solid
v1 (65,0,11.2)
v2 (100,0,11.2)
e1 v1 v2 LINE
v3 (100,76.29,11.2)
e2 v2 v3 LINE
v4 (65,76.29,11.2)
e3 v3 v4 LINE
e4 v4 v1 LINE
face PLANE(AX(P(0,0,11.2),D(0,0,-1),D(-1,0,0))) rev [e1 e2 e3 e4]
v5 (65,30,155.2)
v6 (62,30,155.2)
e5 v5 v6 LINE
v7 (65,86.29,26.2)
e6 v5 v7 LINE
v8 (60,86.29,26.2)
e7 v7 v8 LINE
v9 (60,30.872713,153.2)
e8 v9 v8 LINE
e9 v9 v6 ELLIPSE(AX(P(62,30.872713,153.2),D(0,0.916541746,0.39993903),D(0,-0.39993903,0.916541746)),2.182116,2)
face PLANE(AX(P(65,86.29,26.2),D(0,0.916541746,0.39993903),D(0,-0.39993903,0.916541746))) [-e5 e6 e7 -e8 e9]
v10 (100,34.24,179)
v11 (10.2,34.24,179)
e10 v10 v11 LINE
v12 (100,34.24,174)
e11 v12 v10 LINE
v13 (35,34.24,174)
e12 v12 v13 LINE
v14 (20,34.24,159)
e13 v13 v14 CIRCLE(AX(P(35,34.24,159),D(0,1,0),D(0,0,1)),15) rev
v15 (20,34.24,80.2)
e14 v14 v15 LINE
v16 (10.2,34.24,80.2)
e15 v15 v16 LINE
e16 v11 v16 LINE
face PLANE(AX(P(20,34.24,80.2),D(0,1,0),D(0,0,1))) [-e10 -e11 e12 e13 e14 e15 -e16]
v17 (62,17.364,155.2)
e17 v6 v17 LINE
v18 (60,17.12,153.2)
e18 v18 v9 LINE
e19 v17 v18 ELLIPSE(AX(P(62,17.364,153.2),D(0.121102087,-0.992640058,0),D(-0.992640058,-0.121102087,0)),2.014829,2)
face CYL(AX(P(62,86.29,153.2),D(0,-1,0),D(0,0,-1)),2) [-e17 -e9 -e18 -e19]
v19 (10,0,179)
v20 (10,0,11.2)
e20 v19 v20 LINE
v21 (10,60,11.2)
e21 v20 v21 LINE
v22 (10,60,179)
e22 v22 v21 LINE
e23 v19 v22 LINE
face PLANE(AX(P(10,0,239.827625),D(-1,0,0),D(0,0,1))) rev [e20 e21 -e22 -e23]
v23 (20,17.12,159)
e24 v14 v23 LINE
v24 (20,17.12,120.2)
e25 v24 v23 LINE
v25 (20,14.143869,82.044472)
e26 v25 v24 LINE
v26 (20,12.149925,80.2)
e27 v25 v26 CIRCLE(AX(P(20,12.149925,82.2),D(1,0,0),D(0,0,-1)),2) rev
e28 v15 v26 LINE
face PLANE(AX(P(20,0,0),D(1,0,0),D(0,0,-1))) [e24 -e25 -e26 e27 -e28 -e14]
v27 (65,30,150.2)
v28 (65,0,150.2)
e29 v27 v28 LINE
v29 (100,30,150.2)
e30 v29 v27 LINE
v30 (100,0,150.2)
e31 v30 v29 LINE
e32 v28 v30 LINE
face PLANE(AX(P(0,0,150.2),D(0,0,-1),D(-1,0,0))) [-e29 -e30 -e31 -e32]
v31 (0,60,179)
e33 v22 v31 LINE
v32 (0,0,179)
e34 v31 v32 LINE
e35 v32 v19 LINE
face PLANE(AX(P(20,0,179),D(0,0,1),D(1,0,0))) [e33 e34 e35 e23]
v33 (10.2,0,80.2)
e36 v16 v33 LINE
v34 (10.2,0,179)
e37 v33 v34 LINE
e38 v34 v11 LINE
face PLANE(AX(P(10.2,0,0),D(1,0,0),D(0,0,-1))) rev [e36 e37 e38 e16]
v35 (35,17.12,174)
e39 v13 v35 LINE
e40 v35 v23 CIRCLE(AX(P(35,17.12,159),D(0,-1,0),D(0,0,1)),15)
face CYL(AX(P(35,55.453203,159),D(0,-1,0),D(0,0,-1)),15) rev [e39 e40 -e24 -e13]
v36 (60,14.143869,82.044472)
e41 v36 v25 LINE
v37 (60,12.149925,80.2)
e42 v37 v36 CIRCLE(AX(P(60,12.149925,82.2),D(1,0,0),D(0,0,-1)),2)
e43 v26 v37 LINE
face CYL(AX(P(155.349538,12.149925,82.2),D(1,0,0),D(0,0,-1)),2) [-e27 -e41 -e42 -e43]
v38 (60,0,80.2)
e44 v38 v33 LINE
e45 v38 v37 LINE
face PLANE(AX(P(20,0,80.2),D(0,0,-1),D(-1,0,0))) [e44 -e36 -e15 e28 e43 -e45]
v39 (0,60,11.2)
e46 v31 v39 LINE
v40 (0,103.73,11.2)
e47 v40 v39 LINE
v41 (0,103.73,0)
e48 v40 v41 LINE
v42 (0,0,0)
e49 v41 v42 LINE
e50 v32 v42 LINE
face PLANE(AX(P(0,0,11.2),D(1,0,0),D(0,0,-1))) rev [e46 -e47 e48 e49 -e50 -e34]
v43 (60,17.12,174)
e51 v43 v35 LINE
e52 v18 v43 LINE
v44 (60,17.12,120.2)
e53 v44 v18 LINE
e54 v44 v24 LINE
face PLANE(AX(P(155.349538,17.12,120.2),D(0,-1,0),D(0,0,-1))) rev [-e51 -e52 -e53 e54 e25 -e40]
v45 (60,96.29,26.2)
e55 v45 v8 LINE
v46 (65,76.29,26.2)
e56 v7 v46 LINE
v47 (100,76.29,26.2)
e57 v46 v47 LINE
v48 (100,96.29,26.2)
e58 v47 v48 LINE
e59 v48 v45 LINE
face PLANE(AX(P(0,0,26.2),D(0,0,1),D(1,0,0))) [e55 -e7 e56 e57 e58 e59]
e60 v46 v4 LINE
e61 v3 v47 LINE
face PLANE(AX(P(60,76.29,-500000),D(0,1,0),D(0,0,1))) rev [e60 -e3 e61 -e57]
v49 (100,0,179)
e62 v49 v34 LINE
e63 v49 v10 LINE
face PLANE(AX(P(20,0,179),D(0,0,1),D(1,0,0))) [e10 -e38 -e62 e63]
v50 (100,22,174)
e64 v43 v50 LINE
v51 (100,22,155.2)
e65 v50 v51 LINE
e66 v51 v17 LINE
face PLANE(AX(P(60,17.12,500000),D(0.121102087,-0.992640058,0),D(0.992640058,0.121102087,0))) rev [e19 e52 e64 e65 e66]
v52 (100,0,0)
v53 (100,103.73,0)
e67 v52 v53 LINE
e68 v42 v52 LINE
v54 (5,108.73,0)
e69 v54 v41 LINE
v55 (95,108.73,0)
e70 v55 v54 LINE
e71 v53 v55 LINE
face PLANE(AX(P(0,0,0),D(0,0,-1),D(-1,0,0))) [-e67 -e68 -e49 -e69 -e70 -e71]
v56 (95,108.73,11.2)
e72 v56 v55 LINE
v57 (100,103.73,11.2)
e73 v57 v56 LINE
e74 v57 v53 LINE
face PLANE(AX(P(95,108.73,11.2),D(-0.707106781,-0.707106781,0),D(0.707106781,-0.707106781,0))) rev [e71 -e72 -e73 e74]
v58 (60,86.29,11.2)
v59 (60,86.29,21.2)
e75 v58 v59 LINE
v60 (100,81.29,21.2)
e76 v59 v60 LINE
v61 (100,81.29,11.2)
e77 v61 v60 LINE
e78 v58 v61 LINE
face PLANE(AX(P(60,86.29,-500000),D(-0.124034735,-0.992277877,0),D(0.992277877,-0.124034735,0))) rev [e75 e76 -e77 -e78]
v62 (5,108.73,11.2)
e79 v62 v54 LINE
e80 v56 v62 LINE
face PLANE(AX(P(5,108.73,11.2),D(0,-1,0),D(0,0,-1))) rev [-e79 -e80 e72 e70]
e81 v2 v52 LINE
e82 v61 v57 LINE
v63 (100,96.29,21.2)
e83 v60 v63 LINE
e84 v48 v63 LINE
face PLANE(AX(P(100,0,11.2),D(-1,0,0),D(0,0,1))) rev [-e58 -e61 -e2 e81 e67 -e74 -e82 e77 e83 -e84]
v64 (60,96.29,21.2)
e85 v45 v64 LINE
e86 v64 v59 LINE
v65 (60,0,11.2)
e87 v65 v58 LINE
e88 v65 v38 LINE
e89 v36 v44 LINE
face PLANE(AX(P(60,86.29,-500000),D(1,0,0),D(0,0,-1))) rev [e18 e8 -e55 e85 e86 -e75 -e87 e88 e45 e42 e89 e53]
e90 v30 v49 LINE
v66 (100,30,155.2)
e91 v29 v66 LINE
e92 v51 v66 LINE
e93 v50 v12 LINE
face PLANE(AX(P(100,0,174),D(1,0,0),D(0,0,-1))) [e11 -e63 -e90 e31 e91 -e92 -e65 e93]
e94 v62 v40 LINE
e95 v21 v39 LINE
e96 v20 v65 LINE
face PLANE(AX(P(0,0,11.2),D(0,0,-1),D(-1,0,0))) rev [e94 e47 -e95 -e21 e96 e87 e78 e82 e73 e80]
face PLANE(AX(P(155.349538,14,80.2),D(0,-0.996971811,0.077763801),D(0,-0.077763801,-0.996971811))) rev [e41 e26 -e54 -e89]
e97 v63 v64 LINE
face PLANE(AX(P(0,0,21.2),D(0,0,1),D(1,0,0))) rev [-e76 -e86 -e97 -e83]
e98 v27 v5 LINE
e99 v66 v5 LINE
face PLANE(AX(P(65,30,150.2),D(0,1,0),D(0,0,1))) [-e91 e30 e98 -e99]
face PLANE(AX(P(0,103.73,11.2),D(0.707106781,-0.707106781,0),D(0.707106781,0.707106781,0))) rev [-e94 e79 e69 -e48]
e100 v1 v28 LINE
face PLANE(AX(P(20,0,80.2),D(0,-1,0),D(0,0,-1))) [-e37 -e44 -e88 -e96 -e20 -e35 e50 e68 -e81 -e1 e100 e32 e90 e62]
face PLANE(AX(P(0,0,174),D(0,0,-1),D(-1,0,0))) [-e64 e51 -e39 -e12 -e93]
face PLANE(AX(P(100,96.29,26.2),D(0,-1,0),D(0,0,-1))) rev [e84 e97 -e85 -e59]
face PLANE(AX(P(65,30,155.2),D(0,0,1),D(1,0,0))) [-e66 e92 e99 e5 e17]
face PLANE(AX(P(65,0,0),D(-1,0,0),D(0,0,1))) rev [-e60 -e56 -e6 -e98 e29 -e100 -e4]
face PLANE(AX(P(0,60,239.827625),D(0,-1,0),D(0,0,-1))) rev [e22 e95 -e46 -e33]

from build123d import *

# Parameters (mm, degrees)
EXTRUDE_1_DEPTH  = 11.2
SKETCH_3_W       = 40
SKETCH_3_H       = 20
EXTRUDE_2_DEPTH  = 5
EXTRUDE_3_DEPTH  = 10
EXTRUDE_4_DEPTH  = 5
SKETCH_7_W       = 98.8
SKETCH_7_H       = 34.24
EXTRUDE_5_DEPTH  = 9.8
SKETCH_8_W       = 80
SKETCH_8_H       = 34.24
EXTRUDE_6_DEPTH  = 5
SKETCH_9_W       = 35
SKETCH_9_H       = 30
EXTRUDE_7_DEPTH  = 5
EXTRUDE_8_DEPTH  = 40
FILLET_1_R       = 2
EXTRUDE_9_REACH  = 25.8
SKETCH_14_W      = 10
SKETCH_14_H      = 60
EXTRUDE_12_DEPTH = 167.8
EXTRUDE_13_DEPTH = 17.12
FILLET_3_R       = 2


with BuildPart() as part:
    # 草图1 → 凸台-拉伸1 (new body)
    with BuildSketch(Plane.XY):
        Polygon((0, 103.73), (5, 108.73), (95, 108.73), (100, 103.73), (100, 0), (0, 0), align=None)
    extrude(amount=EXTRUDE_1_DEPTH)



with BuildPart() as body_2:
    # 草图3 → 凸台-拉伸2 (new body)
    with BuildSketch(Plane.XY.offset(21.2)):
        with Locations((80, 86.29)):
            Rectangle(SKETCH_3_W, SKETCH_3_H)
    extrude(amount=EXTRUDE_2_DEPTH)


with BuildPart() as part_1:
    add(part.part)

    add(body_2.part)  # 凸台-拉伸3 merges body 2
    # 草图5 → 凸台-拉伸3 (add)
    with BuildSketch(Plane(origin=(0, 0, 21.2), x_dir=(-1, 0, 0), z_dir=(0, 0, -1))):
        Polygon((-60, 86.29), (-100, 81.29), (-100, 76.29), (-60, 76.29), align=None)
    extrude(amount=EXTRUDE_3_DEPTH)

    # 草图6 → 凸台-拉伸4 (add)
    with BuildSketch(Plane.ZY.offset(-60)):
        Polygon((26.2, 86.29), (155.2, 30), (155.2, 0), (26.2, 0), (11.2, 0), (11.2, 76.29), (26.2, 76.29), align=None)
    extrude(amount=-EXTRUDE_4_DEPTH)

    # 草图9 → 凸台-拉伸7 (add)
    with BuildSketch(Plane.XY.offset(155.2)):
        with Locations((82.5, 15)):
            Rectangle(SKETCH_9_W, SKETCH_9_H)
    extrude(amount=-EXTRUDE_7_DEPTH)



with BuildPart() as body_2_2:
    # 草图7 → 凸台-拉伸5 (new body)
    with BuildSketch(Plane.ZY.offset(-10.2)):
        with Locations((129.6, 17.12)):
            Rectangle(SKETCH_7_W, SKETCH_7_H)
    extrude(amount=-EXTRUDE_5_DEPTH)

    # 草图8 → 凸台-拉伸6 (add)
    with BuildSketch(Plane.XY.offset(179)):
        with Locations((60, 17.12)):
            Rectangle(SKETCH_8_W, SKETCH_8_H)
    extrude(amount=-EXTRUDE_6_DEPTH)


with BuildPart() as part_2:
    add(part_1.part)

    add(body_2_2.part)  # 凸台-拉伸8 merges body 2 2
    # 草图11 → 凸台-拉伸8 (add)
    with BuildSketch(Plane(origin=(20, 0, 0), x_dir=(0, 0, -1), z_dir=(1, 0, 0))):
        Polygon((-80.2, 0), (-80.2, 14), (-120.2, 17.12), (-174, 17.12), (-174, 0), align=None)
    extrude(amount=EXTRUDE_8_DEPTH)

    # 圆角1
    fillet_1_edges = [part_2.edges().sort_by_distance(p)[0] for p in [
        (40, 14, 80.2),
    ]]
    fillet(fillet_1_edges, radius=FILLET_1_R)

    # 草图12 → 凸台-拉伸9 (add, up to next)
    with BuildSketch(Plane.XY.offset(155.2), mode=Mode.PRIVATE) as extrude_9_sk1:
        Polygon((60, 0), (60, 17.12), (100, 22), (100, 0), align=None)
    extrude_9_tool1 = extrude(extrude_9_sk1.sketch, amount=EXTRUDE_9_REACH, mode=Mode.PRIVATE) - part_2.part
    add(extrude_9_tool1.solids().sort_by_distance((80.831629, 9.830729, 155.2))[0])

    # 草图14 → 凸台-拉伸12 (add)
    with BuildSketch(Plane.XY.offset(11.2)):
        with Locations((5, 30)):
            Rectangle(SKETCH_14_W, SKETCH_14_H)
    extrude(amount=EXTRUDE_12_DEPTH)

    # 草图15 → 凸台-拉伸13 (add)
    with BuildSketch(Plane(origin=(0, 17.12, 0), x_dir=(1, 0, 0), z_dir=(0, 1, 0))):
        with BuildLine():
            Line((20, -159), (20, -174))
            Line((20, -174), (35, -174))
            ThreePointArc((35, -174), (24.393398282, -169.606601718), (20, -159))
        make_face()
    extrude(amount=EXTRUDE_13_DEPTH)

    # 圆角3
    fillet_3_edges = [part_2.edges().sort_by_distance(p)[0] for p in [
        (60, 23.56, 155.2),
    ]]
    fillet(fillet_3_edges, radius=FILLET_3_R)


solid = part_2.part
